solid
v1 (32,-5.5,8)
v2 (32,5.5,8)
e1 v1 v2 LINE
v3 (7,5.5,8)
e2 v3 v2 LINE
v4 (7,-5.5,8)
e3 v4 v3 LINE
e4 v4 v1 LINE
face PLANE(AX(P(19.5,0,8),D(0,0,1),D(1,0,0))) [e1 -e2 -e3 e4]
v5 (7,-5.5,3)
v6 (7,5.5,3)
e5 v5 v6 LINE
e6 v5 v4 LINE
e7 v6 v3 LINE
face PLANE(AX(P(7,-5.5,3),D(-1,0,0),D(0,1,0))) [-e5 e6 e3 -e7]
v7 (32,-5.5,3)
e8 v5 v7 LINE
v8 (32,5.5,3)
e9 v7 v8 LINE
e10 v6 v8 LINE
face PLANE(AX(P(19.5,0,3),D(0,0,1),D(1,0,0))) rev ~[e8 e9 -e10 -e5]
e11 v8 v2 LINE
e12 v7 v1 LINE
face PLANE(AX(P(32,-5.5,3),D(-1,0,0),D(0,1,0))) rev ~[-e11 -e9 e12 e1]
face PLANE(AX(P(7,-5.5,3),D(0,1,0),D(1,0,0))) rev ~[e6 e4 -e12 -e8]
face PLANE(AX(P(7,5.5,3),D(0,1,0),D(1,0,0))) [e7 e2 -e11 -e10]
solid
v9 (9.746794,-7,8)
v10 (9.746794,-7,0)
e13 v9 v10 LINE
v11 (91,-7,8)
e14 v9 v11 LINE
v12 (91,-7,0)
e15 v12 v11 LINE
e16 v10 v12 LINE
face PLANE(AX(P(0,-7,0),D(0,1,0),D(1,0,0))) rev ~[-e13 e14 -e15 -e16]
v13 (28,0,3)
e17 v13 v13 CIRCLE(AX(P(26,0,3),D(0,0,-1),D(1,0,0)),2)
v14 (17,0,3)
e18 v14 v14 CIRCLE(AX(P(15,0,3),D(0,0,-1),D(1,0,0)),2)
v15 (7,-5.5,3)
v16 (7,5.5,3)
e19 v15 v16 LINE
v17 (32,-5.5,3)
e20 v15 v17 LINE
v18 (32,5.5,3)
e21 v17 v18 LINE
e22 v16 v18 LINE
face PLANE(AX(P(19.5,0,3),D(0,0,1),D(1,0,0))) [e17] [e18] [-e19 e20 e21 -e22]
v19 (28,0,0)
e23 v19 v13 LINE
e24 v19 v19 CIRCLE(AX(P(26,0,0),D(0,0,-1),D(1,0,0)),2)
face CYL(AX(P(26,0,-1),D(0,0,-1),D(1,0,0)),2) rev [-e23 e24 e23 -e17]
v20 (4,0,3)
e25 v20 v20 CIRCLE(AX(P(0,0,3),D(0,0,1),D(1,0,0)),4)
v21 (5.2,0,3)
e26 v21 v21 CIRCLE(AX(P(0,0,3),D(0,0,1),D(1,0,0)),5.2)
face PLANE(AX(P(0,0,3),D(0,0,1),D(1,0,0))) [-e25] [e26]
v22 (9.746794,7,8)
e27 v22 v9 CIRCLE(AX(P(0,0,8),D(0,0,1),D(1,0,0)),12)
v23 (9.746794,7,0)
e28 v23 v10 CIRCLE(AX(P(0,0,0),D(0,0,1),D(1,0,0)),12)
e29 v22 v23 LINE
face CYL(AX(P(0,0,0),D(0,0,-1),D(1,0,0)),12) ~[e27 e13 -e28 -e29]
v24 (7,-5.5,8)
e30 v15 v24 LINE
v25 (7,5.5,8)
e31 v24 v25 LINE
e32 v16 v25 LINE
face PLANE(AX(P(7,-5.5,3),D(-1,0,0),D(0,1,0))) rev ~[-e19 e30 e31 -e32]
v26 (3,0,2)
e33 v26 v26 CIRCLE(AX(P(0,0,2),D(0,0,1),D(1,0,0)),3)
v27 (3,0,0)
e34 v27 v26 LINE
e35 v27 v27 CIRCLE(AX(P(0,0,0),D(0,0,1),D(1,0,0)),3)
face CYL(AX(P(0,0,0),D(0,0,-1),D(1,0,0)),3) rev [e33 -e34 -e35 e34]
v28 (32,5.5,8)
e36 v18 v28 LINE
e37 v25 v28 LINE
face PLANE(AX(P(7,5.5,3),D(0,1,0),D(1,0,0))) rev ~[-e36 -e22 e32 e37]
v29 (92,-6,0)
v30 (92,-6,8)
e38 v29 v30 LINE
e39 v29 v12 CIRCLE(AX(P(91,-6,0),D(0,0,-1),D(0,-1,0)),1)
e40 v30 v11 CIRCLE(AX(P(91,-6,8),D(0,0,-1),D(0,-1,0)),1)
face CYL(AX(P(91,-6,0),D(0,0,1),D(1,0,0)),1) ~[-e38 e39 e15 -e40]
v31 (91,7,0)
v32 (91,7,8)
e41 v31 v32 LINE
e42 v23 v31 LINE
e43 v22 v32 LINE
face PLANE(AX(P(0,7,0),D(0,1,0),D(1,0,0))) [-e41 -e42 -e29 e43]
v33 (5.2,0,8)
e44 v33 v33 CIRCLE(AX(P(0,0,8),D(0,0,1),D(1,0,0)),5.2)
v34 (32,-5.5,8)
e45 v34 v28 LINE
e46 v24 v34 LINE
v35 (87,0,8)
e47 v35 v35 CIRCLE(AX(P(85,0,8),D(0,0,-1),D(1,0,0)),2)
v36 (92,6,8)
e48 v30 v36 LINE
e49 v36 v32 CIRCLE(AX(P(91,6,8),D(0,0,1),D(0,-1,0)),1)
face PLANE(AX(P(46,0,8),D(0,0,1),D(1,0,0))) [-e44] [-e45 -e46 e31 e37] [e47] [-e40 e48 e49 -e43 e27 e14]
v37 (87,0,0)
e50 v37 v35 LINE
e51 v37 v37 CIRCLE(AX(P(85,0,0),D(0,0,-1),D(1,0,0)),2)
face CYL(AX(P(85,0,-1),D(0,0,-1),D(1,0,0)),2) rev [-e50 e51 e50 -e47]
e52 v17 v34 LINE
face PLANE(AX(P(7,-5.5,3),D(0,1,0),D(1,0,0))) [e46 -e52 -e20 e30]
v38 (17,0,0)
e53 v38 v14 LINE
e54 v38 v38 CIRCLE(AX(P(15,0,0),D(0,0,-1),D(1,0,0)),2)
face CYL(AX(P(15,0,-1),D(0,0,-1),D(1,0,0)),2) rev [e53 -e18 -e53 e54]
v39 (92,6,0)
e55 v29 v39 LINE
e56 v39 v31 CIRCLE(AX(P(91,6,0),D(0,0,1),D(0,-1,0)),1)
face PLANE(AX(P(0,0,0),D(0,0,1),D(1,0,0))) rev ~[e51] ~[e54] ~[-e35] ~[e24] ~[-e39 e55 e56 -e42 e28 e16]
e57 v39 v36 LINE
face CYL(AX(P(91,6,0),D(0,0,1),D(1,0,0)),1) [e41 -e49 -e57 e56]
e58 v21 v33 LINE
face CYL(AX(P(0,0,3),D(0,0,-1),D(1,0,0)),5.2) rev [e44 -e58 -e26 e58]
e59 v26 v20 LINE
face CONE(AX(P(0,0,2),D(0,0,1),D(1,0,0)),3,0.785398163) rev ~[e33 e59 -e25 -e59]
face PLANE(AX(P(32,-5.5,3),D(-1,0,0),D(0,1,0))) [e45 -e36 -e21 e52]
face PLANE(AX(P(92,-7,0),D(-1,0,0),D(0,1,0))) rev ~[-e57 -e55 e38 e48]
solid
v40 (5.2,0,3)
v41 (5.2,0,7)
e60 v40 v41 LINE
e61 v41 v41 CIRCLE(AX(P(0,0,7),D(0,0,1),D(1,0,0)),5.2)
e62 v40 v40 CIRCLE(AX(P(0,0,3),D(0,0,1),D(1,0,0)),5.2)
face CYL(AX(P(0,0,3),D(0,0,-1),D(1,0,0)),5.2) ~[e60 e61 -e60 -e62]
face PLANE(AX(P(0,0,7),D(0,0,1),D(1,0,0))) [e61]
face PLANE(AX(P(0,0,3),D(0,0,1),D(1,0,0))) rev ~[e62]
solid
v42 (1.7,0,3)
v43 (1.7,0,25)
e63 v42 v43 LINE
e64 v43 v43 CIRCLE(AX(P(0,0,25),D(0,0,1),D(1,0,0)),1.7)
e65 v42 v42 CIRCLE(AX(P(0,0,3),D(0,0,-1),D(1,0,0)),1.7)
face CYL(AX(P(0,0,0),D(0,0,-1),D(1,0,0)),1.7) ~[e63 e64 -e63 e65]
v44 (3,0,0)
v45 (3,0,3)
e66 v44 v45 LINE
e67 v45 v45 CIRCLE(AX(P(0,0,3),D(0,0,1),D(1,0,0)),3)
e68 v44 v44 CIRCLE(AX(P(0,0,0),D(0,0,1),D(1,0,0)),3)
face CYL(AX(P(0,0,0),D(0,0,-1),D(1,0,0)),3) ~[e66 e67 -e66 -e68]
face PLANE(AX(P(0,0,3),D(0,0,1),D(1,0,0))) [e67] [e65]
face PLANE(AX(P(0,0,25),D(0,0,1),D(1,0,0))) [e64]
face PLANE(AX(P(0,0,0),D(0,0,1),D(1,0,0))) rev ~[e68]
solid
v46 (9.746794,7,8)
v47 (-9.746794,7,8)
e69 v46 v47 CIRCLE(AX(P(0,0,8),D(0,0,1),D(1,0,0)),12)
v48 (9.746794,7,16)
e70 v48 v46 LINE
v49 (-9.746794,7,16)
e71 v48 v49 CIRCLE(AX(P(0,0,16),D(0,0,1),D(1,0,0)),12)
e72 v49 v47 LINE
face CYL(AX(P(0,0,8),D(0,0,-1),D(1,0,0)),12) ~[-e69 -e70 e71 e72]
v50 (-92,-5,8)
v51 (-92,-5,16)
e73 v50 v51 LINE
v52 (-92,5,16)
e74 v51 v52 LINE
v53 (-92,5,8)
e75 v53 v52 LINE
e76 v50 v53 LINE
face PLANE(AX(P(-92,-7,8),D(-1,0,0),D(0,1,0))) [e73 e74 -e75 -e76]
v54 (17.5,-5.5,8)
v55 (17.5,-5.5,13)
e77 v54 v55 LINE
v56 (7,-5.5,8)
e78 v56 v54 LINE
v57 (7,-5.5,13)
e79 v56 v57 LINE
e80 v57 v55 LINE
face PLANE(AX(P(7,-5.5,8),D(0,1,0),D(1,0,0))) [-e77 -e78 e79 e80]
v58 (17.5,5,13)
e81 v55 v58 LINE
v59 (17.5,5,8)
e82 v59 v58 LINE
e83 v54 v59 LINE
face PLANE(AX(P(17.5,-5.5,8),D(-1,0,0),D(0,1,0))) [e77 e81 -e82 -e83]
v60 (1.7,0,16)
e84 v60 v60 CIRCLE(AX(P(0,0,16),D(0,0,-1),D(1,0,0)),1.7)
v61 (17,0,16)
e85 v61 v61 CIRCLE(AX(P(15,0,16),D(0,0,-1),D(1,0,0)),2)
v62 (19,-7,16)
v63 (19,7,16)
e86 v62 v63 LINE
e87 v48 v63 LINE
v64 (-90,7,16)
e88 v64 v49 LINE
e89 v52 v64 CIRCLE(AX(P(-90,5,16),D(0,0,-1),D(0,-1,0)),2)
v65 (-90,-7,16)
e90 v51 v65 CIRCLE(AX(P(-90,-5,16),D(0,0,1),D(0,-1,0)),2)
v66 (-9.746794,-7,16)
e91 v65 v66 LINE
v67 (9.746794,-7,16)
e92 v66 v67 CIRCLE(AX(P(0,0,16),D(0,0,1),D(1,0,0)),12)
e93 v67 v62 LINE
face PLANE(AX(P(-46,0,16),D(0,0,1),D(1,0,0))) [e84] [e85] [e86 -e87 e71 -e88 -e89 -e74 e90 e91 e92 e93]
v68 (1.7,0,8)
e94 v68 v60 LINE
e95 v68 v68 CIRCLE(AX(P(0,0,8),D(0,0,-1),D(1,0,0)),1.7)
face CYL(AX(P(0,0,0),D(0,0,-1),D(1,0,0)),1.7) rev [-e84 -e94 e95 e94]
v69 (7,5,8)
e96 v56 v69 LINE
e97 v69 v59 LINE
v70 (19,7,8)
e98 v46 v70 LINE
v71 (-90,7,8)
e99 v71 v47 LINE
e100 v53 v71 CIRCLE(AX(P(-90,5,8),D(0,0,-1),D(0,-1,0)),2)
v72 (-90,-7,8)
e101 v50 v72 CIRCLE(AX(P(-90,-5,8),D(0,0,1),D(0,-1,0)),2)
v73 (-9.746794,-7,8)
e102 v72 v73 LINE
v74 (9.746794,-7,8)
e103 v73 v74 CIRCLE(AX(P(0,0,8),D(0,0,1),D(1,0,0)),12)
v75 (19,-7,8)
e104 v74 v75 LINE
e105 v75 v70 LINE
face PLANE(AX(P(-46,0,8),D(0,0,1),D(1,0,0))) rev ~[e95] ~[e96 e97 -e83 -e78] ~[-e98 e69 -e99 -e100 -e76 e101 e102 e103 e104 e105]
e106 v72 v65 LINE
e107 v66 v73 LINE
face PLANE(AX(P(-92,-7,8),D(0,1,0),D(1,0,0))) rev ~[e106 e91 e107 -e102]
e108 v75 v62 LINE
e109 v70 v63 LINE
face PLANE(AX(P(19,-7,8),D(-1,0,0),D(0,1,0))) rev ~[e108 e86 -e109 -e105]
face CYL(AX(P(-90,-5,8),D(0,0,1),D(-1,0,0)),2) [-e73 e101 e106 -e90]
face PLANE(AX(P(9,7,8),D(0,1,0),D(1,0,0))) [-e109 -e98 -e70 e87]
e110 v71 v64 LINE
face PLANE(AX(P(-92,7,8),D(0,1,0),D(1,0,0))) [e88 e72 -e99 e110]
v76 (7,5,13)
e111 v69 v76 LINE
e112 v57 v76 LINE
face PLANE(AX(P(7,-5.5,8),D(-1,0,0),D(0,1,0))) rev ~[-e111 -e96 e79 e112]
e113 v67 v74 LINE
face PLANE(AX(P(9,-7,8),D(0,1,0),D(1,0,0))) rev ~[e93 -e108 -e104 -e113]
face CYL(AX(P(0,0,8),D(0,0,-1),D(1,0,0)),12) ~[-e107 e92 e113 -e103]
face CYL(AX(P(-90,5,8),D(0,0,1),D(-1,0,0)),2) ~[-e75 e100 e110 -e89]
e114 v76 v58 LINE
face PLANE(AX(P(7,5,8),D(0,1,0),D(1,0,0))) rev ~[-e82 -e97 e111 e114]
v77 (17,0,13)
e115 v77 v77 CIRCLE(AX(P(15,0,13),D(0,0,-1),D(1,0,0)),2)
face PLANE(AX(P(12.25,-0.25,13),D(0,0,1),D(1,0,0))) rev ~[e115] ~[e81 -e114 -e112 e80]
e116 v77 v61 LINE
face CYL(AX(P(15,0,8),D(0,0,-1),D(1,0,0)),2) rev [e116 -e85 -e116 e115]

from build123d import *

# Parameters (mm, degrees)
BOX_W             = 25
BOX_H             = 11
BOX_DEPTH         = 5
CYLINDER003_R     = 5.2
CYLINDER003_DEPTH = 4
CYLINDER002_R     = 3
CYLINDER002_DEPTH = 3
CYLINDER001_R     = 1.7
CYLINDER001_DEPTH = 25
CYLINDER007_R     = 2
CYLINDER007_DEPTH = 10
CYLINDER006_R     = 3
CYLINDER006_DEPTH = 3
CYLINDER005_R     = 1.7
CYLINDER005_DEPTH = 25
CYLINDER004_R     = 5.2
CYLINDER004_DEPTH = 5
CYLINDER009_R     = 2
CYLINDER009_DEPTH = 10
CYLINDER008_R     = 2
CYLINDER008_DEPTH = 10
BOX002_W          = 25
BOX002_H          = 11
BOX002_DEPTH      = 5
BOX001_W          = 92
BOX001_H          = 14
BOX001_DEPTH      = 8
CYLINDER_R        = 12
CYLINDER_DEPTH    = 8
CHAMFER_SIZE      = 1
FILLET_R          = 1
FILLET001_R       = 1
CYLINDER013_R     = 2
CYLINDER013_DEPTH = 10
BOX004_W          = 10.5
BOX004_H          = 10.5
BOX004_DEPTH      = 5
CYLINDER012_R     = 3
CYLINDER012_DEPTH = 3
CYLINDER011_R     = 1.7
CYLINDER011_DEPTH = 25
CYLINDER010_R     = 12
CYLINDER010_DEPTH = 8
BOX003_W          = 92
BOX003_H          = 14
BOX003_DEPTH      = 8
BOX005_W          = 10
BOX005_H          = 14
BOX005_DEPTH      = 8
FILLET002_R       = 2
FILLET003_R       = 2


with BuildPart() as long_magnet:
    # Box → Box (new body)
    with BuildSketch(Plane(origin=(7, -5.5, 3), x_dir=(1, 0, 0), z_dir=(0, 0, 1))):
        with Locations((12.5, 5.5)):
            Rectangle(BOX_W, BOX_H)
    extrude(amount=BOX_DEPTH)


with BuildPart() as bearing:
    # Cylinder003 → Cylinder003 (new body)
    with BuildSketch(Plane.XY.offset(3)):
        Circle(CYLINDER003_R)
    extrude(amount=CYLINDER003_DEPTH)


with BuildPart() as cylinder002:
    # Cylinder002 → Cylinder002 (new body)
    with BuildSketch(Plane.XY):
        Circle(CYLINDER002_R)
    extrude(amount=CYLINDER002_DEPTH)


with BuildPart() as screw:
    # Cylinder001 → Cylinder001 (new body)
    with BuildSketch(Plane.XY):
        Circle(CYLINDER001_R)
    extrude(amount=CYLINDER001_DEPTH)

    # Fusion: union Cylinder002
    add(cylinder002.part)


with BuildPart() as string_hole:
    # Cylinder007 → Cylinder007 (new body)
    with BuildSketch(Plane(origin=(85, 0, -1), x_dir=(1, 0, 0), z_dir=(0, 0, 1))):
        Circle(CYLINDER007_R)
    extrude(amount=CYLINDER007_DEPTH)


with BuildPart() as cylinder006:
    # Cylinder006 → Cylinder006 (new body)
    with BuildSketch(Plane.XY):
        Circle(CYLINDER006_R)
    extrude(amount=CYLINDER006_DEPTH)


with BuildPart() as screw001:
    # Cylinder005 → Cylinder005 (new body)
    with BuildSketch(Plane.XY):
        Circle(CYLINDER005_R)
    extrude(amount=CYLINDER005_DEPTH)

    # Fusion001: union Cylinder006
    add(cylinder006.part)


with BuildPart() as fusion004:
    # Cylinder004 → Cylinder004 (new body)
    with BuildSketch(Plane.XY.offset(3)):
        Circle(CYLINDER004_R)
    extrude(amount=CYLINDER004_DEPTH)

    # Fusion004: union Screw001
    add(screw001.part)


with BuildPart() as cylinder008:
    # Cylinder009 → Cylinder009 (new body)
    with BuildSketch(Plane(origin=(26, 0, -1), x_dir=(1, 0, 0), z_dir=(0, 0, 1))):
        Circle(CYLINDER009_R)
    extrude(amount=CYLINDER009_DEPTH)


with BuildPart() as fusion003:
    # Cylinder008 → Cylinder008 (new body)
    with BuildSketch(Plane(origin=(15, 0, -1), x_dir=(1, 0, 0), z_dir=(0, 0, 1))):
        Circle(CYLINDER008_R)
    extrude(amount=CYLINDER008_DEPTH)

    # Fusion003: union Cylinder008
    add(cylinder008.part)


with BuildPart() as long_magnet001:
    # Box002 → Box002 (new body)
    with BuildSketch(Plane(origin=(7, -5.5, 3), x_dir=(1, 0, 0), z_dir=(0, 0, 1))):
        with Locations((12.5, 5.5)):
            Rectangle(BOX002_W, BOX002_H)
    extrude(amount=BOX002_DEPTH)


with BuildPart() as cube:
    # Box001 → Box001 (new body)
    with BuildSketch(Plane(origin=(0, -7, 0), x_dir=(1, 0, 0), z_dir=(0, 0, 1))):
        with Locations((46, 7)):
            Rectangle(BOX001_W, BOX001_H)
    extrude(amount=BOX001_DEPTH)


with BuildPart() as fillet001:
    # Cylinder → Cylinder (new body)
    with BuildSketch(Plane.XY):
        Circle(CYLINDER_R)
    extrude(amount=CYLINDER_DEPTH)

    # Fusion002: union Cube
    add(cube.part)

    # Cut: cut Long Magnet001
    add(long_magnet001.part, mode=Mode.SUBTRACT)

    # Cut001: cut Fusion003
    add(fusion003.part, mode=Mode.SUBTRACT)

    # Cut002: cut Fusion004
    add(fusion004.part, mode=Mode.SUBTRACT)

    # Cut003: cut string hole
    add(string_hole.part, mode=Mode.SUBTRACT)

    # Chamfer
    chamfer_edges = [fillet001.edges().sort_by_distance(p)[0] for p in [
        (-3, 0, 3),
    ]]
    chamfer(chamfer_edges, length=CHAMFER_SIZE)

    # Fillet
    fillet_edges = [fillet001.edges().sort_by_distance(p)[0] for p in [
        (92, 7, 4),
    ]]
    fillet(fillet_edges, radius=FILLET_R)

    # Fillet001
    fillet001_edges = [fillet001.edges().sort_by_distance(p)[0] for p in [
        (92, -7, 4),
    ]]
    fillet(fillet001_edges, radius=FILLET001_R)


with BuildPart() as cylinder013:
    # Cylinder013 → Cylinder013 (new body)
    with BuildSketch(Plane(origin=(15, 0, 8), x_dir=(1, 0, 0), z_dir=(0, 0, 1))):
        Circle(CYLINDER013_R)
    extrude(amount=CYLINDER013_DEPTH)


with BuildPart() as square_magnet:
    # Box004 → Box004 (new body)
    with BuildSketch(Plane(origin=(7, -5.5, 8), x_dir=(1, 0, 0), z_dir=(0, 0, 1))):
        with Locations((5.25, 5.25)):
            Rectangle(BOX004_W, BOX004_H)
    extrude(amount=BOX004_DEPTH)


with BuildPart() as cylinder012:
    # Cylinder012 → Cylinder012 (new body)
    with BuildSketch(Plane.XY):
        Circle(CYLINDER012_R)
    extrude(amount=CYLINDER012_DEPTH)


with BuildPart() as screw002:
    # Cylinder011 → Cylinder011 (new body)
    with BuildSketch(Plane.XY):
        Circle(CYLINDER011_R)
    extrude(amount=CYLINDER011_DEPTH)

    # Fusion005: union Cylinder012
    add(cylinder012.part)


with BuildPart() as cylinder010:
    # Cylinder010 → Cylinder010 (new body)
    with BuildSketch(Plane.XY.offset(8)):
        Circle(CYLINDER010_R)
    extrude(amount=CYLINDER010_DEPTH)


with BuildPart() as cube001:
    # Box003 → Box003 (new body)
    with BuildSketch(Plane(origin=(-92, -7, 8), x_dir=(1, 0, 0), z_dir=(0, 0, 1))):
        with Locations((46, 7)):
            Rectangle(BOX003_W, BOX003_H)
    extrude(amount=BOX003_DEPTH)


with BuildPart() as fillet003:
    # Box005 → Box005 (new body)
    with BuildSketch(Plane(origin=(9, -7, 8), x_dir=(1, 0, 0), z_dir=(0, 0, 1))):
        with Locations((5, 7)):
            Rectangle(BOX005_W, BOX005_H)
    extrude(amount=BOX005_DEPTH)

    # Fusion006: union Cylinder010, Cube001
    add(cylinder010.part)
    add(cube001.part)

    # Cut004: cut Screw002
    add(screw002.part, mode=Mode.SUBTRACT)

    # Cut005: cut Square Magnet
    add(square_magnet.part, mode=Mode.SUBTRACT)

    # Cut006: cut Cylinder013
    add(cylinder013.part, mode=Mode.SUBTRACT)

    # Fillet002
    fillet002_edges = [fillet003.edges().sort_by_distance(p)[0] for p in [
        (-92, 7, 12),
    ]]
    fillet(fillet002_edges, radius=FILLET002_R)

    # Fillet003
    fillet003_edges = [fillet003.edges().sort_by_distance(p)[0] for p in [
        (-92, -7, 12),
    ]]
    fillet(fillet003_edges, radius=FILLET003_R)


solid = Compound([long_magnet.part, bearing.part, screw.part, fillet001.part, fillet003.part])
